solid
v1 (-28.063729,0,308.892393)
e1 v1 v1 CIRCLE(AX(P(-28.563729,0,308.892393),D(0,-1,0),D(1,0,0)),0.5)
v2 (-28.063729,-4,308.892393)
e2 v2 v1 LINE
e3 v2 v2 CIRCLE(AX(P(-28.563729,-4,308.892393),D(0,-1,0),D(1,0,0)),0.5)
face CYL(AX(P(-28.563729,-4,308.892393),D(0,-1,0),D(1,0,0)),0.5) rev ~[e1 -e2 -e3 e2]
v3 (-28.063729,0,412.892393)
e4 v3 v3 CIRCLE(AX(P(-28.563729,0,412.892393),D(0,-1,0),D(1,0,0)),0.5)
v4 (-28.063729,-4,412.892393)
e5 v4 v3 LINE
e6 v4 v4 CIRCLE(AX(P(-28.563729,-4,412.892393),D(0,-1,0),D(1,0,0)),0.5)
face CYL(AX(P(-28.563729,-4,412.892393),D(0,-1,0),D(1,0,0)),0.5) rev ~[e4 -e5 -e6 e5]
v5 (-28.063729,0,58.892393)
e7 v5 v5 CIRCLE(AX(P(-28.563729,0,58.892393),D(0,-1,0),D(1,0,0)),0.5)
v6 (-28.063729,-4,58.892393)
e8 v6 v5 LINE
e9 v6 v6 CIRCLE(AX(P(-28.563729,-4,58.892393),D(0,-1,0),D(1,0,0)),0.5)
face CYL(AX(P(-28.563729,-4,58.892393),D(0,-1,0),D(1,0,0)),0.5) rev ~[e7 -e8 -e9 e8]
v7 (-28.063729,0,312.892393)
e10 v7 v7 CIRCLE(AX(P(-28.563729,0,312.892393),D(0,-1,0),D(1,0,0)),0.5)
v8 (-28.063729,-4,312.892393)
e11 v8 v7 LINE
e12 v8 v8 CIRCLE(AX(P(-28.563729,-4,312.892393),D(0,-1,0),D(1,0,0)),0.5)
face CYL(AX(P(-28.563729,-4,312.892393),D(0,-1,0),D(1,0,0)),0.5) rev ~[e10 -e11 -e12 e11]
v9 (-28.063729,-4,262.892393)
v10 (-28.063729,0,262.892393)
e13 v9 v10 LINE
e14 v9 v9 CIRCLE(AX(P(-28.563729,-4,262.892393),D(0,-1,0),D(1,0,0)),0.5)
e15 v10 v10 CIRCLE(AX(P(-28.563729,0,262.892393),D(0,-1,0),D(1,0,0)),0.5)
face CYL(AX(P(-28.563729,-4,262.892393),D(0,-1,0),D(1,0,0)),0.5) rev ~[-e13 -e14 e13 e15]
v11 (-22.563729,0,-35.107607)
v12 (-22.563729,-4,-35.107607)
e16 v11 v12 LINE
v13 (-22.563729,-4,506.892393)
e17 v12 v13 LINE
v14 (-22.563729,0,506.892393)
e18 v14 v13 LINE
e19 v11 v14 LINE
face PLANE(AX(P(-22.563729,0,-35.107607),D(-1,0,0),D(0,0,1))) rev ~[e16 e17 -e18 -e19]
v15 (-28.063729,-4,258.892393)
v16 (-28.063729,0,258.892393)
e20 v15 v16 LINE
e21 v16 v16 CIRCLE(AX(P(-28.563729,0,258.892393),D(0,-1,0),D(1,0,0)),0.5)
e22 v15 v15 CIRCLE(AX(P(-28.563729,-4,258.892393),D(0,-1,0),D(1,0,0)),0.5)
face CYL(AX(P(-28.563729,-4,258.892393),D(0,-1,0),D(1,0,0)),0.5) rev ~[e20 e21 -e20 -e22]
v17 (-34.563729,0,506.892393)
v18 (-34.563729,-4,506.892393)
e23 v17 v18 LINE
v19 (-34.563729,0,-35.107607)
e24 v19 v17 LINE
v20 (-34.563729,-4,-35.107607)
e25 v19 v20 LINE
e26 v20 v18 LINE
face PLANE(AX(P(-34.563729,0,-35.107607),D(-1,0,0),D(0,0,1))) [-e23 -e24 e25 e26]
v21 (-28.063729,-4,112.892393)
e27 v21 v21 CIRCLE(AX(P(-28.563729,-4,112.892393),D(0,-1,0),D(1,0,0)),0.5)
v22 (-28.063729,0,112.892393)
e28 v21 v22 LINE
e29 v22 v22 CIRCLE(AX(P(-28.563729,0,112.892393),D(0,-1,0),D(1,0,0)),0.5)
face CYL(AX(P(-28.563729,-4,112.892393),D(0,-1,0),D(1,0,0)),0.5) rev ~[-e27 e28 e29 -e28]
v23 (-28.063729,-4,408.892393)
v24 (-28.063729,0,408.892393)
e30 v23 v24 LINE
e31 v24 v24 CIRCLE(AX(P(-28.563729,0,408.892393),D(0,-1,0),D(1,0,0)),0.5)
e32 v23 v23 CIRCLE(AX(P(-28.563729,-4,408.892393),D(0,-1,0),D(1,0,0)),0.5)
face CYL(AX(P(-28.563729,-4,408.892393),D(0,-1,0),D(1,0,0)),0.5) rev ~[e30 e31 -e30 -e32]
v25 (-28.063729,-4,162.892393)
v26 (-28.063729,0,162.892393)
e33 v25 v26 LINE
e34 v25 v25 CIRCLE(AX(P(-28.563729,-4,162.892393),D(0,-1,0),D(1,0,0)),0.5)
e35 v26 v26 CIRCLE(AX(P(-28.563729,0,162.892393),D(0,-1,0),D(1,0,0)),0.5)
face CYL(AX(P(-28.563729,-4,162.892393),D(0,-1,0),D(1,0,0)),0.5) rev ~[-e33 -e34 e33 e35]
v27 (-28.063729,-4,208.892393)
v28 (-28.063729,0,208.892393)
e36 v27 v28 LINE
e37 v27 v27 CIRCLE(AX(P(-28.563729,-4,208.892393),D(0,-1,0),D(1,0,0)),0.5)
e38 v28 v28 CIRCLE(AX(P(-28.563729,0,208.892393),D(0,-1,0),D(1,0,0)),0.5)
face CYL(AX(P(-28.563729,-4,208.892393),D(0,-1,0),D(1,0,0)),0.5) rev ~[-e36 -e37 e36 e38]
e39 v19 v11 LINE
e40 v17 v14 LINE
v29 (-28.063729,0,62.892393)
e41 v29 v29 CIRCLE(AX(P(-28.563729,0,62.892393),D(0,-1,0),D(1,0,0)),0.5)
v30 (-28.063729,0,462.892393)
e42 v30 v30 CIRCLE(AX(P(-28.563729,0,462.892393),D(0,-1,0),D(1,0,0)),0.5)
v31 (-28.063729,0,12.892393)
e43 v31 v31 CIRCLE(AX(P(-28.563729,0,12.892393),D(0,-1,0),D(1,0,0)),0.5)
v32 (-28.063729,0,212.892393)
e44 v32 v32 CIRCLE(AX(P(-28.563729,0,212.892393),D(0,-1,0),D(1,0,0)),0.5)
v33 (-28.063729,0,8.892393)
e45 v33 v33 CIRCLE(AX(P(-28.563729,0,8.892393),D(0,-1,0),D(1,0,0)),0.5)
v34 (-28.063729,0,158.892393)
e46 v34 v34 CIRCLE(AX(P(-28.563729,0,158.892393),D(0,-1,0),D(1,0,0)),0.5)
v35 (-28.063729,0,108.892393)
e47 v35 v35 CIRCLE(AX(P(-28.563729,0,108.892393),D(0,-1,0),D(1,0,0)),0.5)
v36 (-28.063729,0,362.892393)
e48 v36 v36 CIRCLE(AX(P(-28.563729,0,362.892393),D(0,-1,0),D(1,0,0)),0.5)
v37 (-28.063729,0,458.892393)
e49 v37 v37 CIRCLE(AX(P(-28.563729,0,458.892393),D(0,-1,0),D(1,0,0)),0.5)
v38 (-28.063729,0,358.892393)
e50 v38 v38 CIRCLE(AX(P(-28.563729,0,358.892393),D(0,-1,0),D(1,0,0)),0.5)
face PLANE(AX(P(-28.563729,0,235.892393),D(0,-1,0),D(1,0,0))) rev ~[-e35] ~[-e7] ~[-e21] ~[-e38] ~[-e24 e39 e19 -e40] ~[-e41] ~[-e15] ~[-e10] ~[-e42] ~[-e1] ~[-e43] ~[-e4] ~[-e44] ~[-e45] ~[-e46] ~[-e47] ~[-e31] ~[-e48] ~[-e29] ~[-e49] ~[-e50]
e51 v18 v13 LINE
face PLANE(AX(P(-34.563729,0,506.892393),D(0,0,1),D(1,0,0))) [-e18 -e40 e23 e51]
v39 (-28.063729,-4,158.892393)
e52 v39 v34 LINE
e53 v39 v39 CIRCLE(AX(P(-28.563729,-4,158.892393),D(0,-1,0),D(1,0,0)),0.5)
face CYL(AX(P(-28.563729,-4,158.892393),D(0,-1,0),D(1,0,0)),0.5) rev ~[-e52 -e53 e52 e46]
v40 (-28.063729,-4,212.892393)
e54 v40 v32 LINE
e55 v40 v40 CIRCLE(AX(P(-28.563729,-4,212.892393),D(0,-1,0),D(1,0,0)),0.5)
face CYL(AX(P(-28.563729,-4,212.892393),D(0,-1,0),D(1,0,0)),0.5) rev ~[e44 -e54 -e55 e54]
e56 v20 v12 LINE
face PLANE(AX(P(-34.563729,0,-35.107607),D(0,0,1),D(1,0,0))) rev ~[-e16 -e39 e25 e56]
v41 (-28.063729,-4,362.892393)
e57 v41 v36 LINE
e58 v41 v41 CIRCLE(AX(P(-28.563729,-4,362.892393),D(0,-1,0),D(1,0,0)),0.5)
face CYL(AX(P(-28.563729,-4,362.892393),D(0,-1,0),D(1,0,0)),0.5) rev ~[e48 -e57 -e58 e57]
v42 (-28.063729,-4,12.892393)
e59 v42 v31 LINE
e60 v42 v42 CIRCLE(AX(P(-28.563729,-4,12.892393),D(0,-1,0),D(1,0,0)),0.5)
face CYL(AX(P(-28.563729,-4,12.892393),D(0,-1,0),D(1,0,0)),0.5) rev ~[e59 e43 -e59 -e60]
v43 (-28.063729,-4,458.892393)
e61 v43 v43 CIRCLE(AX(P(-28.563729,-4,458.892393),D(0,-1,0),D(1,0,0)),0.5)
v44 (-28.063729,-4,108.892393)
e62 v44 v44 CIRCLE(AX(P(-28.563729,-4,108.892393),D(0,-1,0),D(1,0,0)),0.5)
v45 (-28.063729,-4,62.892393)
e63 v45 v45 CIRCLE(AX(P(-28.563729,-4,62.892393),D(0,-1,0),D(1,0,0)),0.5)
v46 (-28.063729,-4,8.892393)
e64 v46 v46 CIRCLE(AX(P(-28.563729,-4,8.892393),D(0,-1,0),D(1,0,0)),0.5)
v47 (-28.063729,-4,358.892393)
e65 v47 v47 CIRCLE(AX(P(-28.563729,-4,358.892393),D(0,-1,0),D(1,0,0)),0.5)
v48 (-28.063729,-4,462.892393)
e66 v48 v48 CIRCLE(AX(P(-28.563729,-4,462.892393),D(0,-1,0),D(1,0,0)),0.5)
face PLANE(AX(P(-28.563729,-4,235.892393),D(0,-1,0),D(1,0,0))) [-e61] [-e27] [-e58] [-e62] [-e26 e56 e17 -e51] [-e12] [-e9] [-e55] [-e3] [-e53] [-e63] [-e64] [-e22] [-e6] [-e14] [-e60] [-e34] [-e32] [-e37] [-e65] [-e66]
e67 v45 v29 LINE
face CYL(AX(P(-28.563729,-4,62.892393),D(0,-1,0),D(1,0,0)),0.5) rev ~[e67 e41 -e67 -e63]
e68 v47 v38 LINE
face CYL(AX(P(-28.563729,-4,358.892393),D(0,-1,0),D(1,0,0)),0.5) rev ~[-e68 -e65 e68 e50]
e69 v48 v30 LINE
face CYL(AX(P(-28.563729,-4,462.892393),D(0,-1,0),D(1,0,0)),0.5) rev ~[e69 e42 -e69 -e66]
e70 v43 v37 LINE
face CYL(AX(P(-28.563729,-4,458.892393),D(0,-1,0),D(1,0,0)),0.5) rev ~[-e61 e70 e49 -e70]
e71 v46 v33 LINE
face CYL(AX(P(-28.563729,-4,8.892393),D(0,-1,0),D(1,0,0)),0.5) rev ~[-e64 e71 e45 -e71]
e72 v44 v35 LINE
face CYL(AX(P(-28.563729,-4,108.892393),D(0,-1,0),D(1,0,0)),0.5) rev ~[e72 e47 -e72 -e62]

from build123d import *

# Parameters (mm, degrees)
F0_W     = 12
F0_H     = 542
F1_DEPTH = 4
F2_R     = 0.5
F3_DEPTH = 25


with BuildPart() as f1:
    # F0 (on Front) → F1 (new body)
    with BuildSketch(Plane.XZ):
        with Locations((-28.563729, 235.892393)):
            Rectangle(F0_W, F0_H)
    extrude(amount=F1_DEPTH)

    # F2 (on face) → F3 (cut)
    with BuildSketch(Plane.XZ.offset(4)):
        with Locations((-28.563729, 462.892393)):
            Circle(F2_R)
        with Locations((-28.563729, 458.892393)):
            Circle(F2_R)
        with Locations((-28.563729, 412.892393)):
            Circle(F2_R)
        with Locations((-28.563729, 408.892393)):
            Circle(F2_R)
        with Locations((-28.563729, 362.892393)):
            Circle(F2_R)
        with Locations((-28.563729, 358.892393)):
            Circle(F2_R)
        with Locations((-28.563729, 312.892393)):
            Circle(F2_R)
        with Locations((-28.563729, 308.892393)):
            Circle(F2_R)
        with Locations((-28.563729, 262.892393)):
            Circle(F2_R)
        with Locations((-28.563729, 258.892393)):
            Circle(F2_R)
        with Locations((-28.563729, 212.892393)):
            Circle(F2_R)
        with Locations((-28.563729, 208.892393)):
            Circle(F2_R)
        with Locations((-28.563729, 162.892393)):
            Circle(F2_R)
        with Locations((-28.563729, 158.892393)):
            Circle(F2_R)
        with Locations((-28.563729, 112.892393)):
            Circle(F2_R)
        with Locations((-28.563729, 108.892393)):
            Circle(F2_R)
        with Locations((-28.563729, 62.892393)):
            Circle(F2_R)
        with Locations((-28.563729, 58.892393)):
            Circle(F2_R)
        with Locations((-28.563729, 12.892393)):
            Circle(F2_R)
        with Locations((-28.563729, 8.892393)):
            Circle(F2_R)
        with Locations((-3.563729, 462.892393)):
            Circle(F2_R)
        with Locations((-3.563729, 458.892393)):
            Circle(F2_R)
        with Locations((-3.563729, 412.892393)):
            Circle(F2_R)
        with Locations((-3.563729, 408.892393)):
            Circle(F2_R)
        with Locations((-3.563729, 362.892393)):
            Circle(F2_R)
        with Locations((-3.563729, 358.892393)):
            Circle(F2_R)
        with Locations((-3.563729, 312.892393)):
            Circle(F2_R)
        with Locations((-3.563729, 308.892393)):
            Circle(F2_R)
        with Locations((-3.563729, 262.892393)):
            Circle(F2_R)
        with Locations((-3.563729, 258.892393)):
            Circle(F2_R)
        with Locations((-3.563729, 212.892393)):
            Circle(F2_R)
        with Locations((-3.563729, 208.892393)):
            Circle(F2_R)
        with Locations((-3.563729, 162.892393)):
            Circle(F2_R)
        with Locations((-3.563729, 158.892393)):
            Circle(F2_R)
        with Locations((-3.563729, 112.892393)):
            Circle(F2_R)
        with Locations((-3.563729, 108.892393)):
            Circle(F2_R)
        with Locations((-3.563729, 62.892393)):
            Circle(F2_R)
        with Locations((-3.563729, 58.892393)):
            Circle(F2_R)
        with Locations((-3.563729, 12.892393)):
            Circle(F2_R)
        with Locations((-3.563729, 8.892393)):
            Circle(F2_R)
        with Locations((21.436271, 462.892393)):
            Circle(F2_R)
        with Locations((21.436271, 458.892393)):
            Circle(F2_R)
        with Locations((21.436271, 412.892393)):
            Circle(F2_R)
        with Locations((21.436271, 408.892393)):
            Circle(F2_R)
        with Locations((21.436271, 362.892393)):
            Circle(F2_R)
        with Locations((21.436271, 358.892393)):
            Circle(F2_R)
        with Locations((21.436271, 312.892393)):
            Circle(F2_R)
        with Locations((21.436271, 308.892393)):
            Circle(F2_R)
        with Locations((21.436271, 262.892393)):
            Circle(F2_R)
        with Locations((21.436271, 258.892393)):
            Circle(F2_R)
        with Locations((21.436271, 212.892393)):
            Circle(F2_R)
        with Locations((21.436271, 208.892393)):
            Circle(F2_R)
        with Locations((21.436271, 162.892393)):
            Circle(F2_R)
        with Locations((21.436271, 158.892393)):
            Circle(F2_R)
        with Locations((21.436271, 112.892393)):
            Circle(F2_R)
        with Locations((21.436271, 108.892393)):
            Circle(F2_R)
        with Locations((21.436271, 62.892393)):
            Circle(F2_R)
        with Locations((21.436271, 58.892393)):
            Circle(F2_R)
        with Locations((21.436271, 12.892393)):
            Circle(F2_R)
        with Locations((21.436271, 8.892393)):
            Circle(F2_R)
    extrude(amount=-F3_DEPTH, mode=Mode.SUBTRACT)


solid = f1.part
